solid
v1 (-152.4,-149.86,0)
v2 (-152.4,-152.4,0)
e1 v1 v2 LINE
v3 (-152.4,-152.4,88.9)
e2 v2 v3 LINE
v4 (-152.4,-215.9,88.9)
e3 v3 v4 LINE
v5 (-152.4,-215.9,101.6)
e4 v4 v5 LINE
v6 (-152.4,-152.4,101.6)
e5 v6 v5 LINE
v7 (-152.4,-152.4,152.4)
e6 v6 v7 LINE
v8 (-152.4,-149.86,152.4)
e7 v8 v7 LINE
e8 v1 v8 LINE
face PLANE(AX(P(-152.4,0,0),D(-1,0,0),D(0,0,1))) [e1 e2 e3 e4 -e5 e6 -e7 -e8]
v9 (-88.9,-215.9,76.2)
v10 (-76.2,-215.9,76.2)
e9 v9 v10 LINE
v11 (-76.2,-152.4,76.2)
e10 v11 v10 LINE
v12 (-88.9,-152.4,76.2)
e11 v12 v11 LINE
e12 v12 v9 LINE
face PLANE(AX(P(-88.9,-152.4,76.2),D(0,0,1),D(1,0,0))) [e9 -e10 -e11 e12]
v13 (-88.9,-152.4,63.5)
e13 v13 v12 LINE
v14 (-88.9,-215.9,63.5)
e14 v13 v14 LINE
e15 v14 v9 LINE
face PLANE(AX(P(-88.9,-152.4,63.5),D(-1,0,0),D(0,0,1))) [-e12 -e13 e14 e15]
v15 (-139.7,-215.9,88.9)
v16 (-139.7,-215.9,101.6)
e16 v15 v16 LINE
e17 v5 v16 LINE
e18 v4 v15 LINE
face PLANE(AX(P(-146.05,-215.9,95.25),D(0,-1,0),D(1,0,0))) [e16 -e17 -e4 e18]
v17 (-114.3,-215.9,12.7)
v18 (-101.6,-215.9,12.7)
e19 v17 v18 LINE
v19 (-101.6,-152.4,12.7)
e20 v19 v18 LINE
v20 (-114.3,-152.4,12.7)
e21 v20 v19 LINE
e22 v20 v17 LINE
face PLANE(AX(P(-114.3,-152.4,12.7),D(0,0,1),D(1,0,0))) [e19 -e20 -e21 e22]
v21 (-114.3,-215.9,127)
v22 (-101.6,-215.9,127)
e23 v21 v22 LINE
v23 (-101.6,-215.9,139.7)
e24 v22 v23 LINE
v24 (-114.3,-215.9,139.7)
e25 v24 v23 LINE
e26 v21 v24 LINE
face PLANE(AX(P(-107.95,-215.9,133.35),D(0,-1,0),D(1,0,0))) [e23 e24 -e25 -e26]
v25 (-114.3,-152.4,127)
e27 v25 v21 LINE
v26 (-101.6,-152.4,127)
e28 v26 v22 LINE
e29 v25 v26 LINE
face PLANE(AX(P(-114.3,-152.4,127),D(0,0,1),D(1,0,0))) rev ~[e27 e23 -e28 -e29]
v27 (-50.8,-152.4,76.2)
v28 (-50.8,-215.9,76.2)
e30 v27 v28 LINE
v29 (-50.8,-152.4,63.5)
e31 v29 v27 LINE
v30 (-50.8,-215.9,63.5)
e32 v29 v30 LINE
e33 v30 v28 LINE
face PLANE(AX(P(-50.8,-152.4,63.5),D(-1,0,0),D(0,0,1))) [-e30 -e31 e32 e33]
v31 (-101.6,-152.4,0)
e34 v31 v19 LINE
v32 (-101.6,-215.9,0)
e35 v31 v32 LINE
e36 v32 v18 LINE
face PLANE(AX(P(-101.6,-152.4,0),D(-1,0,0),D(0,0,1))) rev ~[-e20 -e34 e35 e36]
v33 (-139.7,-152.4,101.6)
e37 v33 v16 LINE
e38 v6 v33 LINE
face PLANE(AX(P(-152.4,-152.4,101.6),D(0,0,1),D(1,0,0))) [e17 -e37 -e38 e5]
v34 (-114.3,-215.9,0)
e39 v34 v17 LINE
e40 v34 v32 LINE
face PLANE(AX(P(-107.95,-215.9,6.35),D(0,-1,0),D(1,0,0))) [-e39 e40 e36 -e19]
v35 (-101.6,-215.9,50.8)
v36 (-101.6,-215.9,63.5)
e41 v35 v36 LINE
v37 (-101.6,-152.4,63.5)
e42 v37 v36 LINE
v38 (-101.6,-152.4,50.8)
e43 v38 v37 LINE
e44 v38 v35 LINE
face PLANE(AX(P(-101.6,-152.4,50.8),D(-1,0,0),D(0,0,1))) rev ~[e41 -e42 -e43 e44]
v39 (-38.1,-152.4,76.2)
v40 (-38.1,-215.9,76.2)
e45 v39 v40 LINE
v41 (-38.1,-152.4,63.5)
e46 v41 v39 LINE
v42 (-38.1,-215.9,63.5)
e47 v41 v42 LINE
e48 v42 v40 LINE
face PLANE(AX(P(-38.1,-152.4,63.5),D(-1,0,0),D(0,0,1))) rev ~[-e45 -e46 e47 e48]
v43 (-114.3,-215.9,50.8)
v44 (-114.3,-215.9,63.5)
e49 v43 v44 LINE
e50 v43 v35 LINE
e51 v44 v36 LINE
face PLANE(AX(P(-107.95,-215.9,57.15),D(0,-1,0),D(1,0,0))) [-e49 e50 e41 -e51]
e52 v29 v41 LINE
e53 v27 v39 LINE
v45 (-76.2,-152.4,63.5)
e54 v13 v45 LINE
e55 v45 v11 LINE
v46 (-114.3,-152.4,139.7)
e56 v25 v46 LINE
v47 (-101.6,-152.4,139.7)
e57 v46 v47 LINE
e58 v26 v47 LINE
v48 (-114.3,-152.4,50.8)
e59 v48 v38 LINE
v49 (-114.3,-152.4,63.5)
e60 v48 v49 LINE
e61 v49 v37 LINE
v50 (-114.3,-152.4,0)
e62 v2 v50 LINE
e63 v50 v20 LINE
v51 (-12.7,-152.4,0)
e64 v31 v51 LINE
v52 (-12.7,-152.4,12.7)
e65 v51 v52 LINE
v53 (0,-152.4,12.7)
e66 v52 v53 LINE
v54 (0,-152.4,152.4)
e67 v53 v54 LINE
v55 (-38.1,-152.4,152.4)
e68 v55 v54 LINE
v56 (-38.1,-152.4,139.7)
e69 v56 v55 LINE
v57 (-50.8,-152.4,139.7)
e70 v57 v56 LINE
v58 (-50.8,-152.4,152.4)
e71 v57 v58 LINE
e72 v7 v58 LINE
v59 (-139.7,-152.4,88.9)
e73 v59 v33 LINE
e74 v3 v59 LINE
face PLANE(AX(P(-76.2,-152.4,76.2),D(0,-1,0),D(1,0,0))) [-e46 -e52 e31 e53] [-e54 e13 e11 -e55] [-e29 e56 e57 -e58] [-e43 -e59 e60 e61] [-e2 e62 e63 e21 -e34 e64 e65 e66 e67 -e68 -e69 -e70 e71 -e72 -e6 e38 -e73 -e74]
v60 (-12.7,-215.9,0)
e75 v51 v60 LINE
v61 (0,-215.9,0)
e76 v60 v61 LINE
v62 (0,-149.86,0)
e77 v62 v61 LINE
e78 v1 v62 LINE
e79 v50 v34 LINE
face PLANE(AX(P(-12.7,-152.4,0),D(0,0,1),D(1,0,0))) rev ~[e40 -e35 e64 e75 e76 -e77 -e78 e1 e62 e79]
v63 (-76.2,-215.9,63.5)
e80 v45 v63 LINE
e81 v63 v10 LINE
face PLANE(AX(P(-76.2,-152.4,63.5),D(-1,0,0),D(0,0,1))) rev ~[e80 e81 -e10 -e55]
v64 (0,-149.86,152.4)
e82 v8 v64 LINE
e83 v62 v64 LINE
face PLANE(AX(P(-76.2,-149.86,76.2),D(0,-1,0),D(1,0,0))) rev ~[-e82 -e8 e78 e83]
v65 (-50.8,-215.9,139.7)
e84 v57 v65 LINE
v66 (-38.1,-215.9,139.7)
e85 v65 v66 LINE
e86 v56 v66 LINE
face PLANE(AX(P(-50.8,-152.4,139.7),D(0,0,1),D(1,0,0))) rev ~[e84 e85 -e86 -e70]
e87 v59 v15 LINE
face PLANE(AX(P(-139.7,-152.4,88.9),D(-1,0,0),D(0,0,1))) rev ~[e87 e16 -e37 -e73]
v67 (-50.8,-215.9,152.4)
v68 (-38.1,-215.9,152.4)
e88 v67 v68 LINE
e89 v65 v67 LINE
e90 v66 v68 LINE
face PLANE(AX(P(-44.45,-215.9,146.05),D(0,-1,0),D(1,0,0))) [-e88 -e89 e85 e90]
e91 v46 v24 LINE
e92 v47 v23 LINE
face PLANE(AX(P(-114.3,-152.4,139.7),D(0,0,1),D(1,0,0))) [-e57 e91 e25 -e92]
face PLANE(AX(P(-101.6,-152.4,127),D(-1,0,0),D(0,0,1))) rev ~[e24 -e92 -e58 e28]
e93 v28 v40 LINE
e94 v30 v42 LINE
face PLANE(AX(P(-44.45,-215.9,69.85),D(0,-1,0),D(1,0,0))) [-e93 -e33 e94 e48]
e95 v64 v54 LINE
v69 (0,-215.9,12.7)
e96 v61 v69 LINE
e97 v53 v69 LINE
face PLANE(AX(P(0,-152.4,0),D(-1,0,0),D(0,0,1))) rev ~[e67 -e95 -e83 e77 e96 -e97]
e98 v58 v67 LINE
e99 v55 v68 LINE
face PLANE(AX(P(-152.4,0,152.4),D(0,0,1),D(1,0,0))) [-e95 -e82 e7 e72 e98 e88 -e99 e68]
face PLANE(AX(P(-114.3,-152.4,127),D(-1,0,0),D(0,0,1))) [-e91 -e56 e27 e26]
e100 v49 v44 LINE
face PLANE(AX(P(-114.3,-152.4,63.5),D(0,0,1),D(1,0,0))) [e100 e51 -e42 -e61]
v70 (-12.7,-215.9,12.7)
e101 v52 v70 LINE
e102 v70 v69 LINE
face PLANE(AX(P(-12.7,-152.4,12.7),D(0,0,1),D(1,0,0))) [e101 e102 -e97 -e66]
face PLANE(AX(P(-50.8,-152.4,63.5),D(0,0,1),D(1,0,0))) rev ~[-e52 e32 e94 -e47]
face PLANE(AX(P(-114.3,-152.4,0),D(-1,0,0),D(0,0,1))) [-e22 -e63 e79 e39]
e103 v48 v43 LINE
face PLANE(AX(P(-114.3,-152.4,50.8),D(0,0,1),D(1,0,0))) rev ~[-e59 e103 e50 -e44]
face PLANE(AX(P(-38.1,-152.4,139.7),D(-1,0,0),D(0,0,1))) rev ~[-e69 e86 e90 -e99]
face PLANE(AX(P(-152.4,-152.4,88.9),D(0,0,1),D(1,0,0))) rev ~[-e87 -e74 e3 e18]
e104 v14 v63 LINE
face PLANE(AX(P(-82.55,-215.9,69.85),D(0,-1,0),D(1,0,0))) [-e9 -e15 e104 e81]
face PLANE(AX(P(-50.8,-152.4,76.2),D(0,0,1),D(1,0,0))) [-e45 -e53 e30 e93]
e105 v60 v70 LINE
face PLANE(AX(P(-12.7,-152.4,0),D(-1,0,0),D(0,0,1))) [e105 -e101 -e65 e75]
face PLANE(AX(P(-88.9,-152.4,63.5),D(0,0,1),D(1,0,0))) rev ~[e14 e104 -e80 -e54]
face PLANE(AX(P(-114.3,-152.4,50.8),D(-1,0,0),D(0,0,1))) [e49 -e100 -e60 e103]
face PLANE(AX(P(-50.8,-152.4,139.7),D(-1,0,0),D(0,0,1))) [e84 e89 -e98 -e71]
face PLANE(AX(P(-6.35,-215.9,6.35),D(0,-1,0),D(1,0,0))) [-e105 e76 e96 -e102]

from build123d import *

# Parameters (mm, degrees)
F0_W     = 152.4
F0_H     = 152.4
F1_DEPTH = 152.4
F2_W     = 12.7
F2_H     = 12.7
F3_DEPTH = 63.5
F4_DEPTH = 149.86


with BuildPart() as f1:
    # F0 (on Front) → F1 (new body)
    with BuildSketch(Plane.XZ):
        with Locations((-76.2, 76.2)):
            Rectangle(F0_W, F0_H)
    extrude(amount=F1_DEPTH)

    # F2 (on face) → F3 (join)
    with BuildSketch(Plane.XZ.offset(152.4)):
        with Locations((-6.35, 6.35)):
            Rectangle(F2_W, F2_H)
        with Locations((-107.95, 6.35)):
            Rectangle(F2_W, F2_H)
        with Locations((-107.95, 133.35)):
            Rectangle(F2_W, F2_H)
        with Locations((-44.45, 69.85)):
            Rectangle(F2_W, F2_H)
        with Locations((-107.95, 57.15)):
            Rectangle(F2_W, F2_H)
        with Locations((-44.45, 146.05)):
            Rectangle(F2_W, F2_H)
        with Locations((-146.05, 95.25)):
            Rectangle(F2_W, F2_H)
        with Locations((-82.55, 69.85)):
            Rectangle(F2_W, F2_H)
    extrude(amount=F3_DEPTH)

    # F0 (on Front) → F4 (cut)
    with BuildSketch(Plane.XZ):
        with Locations((-76.2, 76.2)):
            Rectangle(F0_W, F0_H)
    extrude(amount=F4_DEPTH, mode=Mode.SUBTRACT)


solid = f1.part
